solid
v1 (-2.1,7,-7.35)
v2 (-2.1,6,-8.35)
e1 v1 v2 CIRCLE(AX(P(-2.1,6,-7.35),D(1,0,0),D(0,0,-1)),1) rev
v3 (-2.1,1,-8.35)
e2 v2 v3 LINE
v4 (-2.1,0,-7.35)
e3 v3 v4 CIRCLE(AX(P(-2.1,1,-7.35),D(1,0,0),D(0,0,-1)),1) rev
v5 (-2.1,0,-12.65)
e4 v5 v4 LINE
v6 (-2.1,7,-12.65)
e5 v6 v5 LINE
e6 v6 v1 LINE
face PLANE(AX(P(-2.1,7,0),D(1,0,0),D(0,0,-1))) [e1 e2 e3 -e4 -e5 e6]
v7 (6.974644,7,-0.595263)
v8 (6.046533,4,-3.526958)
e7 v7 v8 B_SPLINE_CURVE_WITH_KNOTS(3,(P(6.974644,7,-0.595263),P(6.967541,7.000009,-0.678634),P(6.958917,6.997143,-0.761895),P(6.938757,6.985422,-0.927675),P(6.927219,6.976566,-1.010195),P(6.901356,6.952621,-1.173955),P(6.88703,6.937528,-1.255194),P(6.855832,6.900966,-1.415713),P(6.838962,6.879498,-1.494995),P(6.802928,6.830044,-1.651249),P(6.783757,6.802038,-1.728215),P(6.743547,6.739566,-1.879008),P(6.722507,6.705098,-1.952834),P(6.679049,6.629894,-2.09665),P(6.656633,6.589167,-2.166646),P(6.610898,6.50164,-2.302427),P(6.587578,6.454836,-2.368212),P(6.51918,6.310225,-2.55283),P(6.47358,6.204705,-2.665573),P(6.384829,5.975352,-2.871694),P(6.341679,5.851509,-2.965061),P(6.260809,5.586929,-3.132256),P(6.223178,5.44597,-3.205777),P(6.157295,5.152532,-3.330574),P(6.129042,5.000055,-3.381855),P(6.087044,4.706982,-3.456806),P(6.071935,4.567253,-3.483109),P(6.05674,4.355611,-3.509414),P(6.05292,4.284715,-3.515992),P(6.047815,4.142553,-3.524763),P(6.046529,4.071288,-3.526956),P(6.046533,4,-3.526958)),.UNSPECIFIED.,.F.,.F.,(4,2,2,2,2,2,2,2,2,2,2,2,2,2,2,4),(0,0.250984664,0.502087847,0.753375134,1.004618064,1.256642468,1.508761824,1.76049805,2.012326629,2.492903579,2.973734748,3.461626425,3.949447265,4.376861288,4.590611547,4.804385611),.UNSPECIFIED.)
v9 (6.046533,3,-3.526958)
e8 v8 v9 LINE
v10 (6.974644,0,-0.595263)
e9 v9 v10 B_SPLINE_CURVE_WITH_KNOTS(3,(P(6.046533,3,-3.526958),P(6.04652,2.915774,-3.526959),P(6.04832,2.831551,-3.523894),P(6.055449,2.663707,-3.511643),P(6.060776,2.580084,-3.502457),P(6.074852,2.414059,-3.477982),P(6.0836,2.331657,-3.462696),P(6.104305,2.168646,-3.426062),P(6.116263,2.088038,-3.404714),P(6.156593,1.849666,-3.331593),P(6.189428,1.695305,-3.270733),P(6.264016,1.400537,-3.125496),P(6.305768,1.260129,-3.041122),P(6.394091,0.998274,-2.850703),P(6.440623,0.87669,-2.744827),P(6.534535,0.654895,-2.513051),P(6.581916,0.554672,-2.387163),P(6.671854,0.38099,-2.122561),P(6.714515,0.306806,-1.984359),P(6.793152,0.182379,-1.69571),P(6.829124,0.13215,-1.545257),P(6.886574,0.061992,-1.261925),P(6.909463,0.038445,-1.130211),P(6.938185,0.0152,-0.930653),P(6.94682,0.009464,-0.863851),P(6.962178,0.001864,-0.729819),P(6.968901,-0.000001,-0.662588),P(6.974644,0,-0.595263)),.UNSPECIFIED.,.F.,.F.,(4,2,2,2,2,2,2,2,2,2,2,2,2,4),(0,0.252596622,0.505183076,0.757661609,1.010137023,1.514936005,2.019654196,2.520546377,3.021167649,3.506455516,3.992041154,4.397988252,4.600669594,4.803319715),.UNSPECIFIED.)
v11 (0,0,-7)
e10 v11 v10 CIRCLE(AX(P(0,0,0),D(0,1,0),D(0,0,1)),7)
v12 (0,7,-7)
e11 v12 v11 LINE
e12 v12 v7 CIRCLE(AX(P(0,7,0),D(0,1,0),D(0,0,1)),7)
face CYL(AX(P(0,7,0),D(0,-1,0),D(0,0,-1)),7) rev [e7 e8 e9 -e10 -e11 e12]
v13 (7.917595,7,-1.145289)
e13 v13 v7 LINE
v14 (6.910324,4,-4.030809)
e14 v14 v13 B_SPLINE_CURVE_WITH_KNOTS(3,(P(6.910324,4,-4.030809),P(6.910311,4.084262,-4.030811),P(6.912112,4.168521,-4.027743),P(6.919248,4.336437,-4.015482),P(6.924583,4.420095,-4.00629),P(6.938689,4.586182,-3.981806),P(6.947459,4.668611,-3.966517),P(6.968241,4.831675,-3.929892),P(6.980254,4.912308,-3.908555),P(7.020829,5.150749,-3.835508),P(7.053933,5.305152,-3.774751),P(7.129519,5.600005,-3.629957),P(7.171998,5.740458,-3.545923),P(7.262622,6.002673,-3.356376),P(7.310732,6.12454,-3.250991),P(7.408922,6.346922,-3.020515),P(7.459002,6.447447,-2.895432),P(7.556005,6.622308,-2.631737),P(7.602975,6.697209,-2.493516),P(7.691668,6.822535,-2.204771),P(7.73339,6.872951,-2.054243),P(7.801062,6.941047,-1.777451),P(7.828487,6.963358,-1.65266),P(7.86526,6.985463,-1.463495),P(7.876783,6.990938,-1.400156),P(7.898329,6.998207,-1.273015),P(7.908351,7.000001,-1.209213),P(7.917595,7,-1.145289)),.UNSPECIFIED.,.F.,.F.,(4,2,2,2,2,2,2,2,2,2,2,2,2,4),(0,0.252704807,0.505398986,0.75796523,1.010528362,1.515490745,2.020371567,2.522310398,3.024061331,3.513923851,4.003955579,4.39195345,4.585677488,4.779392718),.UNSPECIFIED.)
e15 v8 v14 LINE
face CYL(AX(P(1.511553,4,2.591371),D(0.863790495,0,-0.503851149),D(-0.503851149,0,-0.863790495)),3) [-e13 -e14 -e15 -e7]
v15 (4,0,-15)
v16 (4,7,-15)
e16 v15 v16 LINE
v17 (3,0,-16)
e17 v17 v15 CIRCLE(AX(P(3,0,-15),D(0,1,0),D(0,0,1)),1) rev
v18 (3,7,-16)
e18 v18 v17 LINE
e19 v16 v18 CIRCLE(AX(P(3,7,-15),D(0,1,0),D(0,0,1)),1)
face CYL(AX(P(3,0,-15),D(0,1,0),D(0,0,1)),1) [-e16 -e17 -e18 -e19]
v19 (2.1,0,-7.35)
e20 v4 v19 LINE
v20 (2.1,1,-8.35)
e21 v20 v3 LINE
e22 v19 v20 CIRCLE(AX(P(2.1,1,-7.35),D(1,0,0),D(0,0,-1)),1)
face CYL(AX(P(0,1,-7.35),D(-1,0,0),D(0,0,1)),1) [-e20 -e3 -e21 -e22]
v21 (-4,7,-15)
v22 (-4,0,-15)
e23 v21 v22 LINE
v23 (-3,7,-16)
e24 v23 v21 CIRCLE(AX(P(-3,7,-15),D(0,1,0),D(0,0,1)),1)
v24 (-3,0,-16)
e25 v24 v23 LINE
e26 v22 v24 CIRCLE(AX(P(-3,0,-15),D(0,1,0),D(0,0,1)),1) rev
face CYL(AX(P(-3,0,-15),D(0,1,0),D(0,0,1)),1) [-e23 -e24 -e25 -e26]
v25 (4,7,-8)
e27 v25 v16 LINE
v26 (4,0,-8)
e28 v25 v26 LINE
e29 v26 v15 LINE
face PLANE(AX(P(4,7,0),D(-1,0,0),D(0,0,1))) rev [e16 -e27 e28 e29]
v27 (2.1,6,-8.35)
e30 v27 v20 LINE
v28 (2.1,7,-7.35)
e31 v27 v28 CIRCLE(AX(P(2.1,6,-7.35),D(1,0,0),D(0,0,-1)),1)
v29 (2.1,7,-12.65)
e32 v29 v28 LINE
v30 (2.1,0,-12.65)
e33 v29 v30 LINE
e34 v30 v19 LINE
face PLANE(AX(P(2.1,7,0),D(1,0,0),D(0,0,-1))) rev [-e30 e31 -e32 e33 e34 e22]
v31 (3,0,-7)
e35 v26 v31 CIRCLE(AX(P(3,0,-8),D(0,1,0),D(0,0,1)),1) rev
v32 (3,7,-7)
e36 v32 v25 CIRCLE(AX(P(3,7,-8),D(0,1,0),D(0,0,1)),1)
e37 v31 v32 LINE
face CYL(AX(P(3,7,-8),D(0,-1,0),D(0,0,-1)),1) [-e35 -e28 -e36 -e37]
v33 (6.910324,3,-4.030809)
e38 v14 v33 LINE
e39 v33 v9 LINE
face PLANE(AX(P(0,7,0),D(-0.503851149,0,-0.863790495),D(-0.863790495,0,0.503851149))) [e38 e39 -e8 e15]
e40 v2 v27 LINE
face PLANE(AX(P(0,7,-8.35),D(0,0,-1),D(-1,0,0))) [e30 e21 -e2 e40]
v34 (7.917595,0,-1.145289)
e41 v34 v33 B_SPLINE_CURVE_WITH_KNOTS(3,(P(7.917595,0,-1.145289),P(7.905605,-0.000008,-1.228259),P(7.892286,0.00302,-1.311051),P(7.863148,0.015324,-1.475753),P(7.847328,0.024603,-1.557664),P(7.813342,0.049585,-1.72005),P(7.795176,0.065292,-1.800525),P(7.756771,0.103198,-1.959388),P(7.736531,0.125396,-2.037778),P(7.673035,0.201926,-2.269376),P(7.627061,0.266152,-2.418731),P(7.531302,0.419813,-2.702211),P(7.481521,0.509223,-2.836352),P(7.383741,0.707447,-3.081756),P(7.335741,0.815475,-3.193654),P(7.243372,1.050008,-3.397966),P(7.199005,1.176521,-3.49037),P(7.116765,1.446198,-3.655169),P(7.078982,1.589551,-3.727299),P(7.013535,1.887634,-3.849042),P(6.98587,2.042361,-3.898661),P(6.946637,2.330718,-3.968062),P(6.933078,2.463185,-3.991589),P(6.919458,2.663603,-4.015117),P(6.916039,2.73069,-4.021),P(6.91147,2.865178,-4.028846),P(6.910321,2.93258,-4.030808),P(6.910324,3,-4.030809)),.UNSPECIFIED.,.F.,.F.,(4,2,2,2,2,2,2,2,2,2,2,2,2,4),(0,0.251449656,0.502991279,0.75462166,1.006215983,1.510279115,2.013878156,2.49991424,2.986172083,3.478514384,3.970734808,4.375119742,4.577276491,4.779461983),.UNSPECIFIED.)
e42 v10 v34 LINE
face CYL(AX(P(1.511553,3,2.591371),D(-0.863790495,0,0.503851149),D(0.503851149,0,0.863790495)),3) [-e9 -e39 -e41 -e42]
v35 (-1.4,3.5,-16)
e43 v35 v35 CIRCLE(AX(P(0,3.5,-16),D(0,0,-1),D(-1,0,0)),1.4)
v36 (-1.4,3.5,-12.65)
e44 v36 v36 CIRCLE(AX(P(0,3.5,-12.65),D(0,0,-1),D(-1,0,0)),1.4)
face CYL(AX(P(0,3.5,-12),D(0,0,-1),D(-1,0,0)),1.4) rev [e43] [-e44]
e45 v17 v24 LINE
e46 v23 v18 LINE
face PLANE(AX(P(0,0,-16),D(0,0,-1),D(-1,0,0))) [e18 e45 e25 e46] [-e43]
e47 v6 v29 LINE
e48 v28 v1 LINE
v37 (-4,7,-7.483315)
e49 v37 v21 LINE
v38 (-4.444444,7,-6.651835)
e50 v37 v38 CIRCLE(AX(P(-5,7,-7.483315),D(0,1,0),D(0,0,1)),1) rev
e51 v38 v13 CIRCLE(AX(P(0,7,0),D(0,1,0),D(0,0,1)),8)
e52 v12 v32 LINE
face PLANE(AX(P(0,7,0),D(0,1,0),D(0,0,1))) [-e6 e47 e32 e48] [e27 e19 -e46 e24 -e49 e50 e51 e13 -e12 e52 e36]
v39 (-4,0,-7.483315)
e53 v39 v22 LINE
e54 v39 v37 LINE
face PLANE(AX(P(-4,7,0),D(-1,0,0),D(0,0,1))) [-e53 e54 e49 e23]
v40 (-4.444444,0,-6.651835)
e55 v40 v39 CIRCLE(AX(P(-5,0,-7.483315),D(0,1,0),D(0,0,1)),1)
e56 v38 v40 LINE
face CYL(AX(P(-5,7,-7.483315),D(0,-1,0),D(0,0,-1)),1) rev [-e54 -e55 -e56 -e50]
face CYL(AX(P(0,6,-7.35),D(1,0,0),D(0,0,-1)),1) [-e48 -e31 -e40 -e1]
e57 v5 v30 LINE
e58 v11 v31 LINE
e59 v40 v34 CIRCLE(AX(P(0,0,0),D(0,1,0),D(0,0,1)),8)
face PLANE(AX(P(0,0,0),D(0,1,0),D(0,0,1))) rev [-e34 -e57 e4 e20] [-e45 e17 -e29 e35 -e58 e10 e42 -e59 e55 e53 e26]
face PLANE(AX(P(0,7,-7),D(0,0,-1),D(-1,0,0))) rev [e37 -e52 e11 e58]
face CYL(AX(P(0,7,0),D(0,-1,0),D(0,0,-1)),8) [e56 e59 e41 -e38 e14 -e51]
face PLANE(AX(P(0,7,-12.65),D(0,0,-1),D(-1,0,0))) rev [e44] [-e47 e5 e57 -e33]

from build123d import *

# Parameters (mm, degrees)
SKETCH1_W           = 4.2
SKETCH1_H           = 4.3
BOSS_EXTRUDE1_DEPTH = 7
FILLET1_R           = 1
FILLET2_R           = 3
FILLET3_R           = 1
SKETCH3_W           = 8
SKETCH3_H           = 7
BOSS_EXTRUDE2_DEPTH = 2
SKETCH2_R           = 1.4
CUT_EXTRUDE2_DEPTH  = 4
FILLET4_R           = 1


with BuildPart() as part:
    # Sketch1 → Boss-Extrude1 (new body)
    # profile 1 of 2: a face of its own
    with BuildSketch(Plane(origin=(0, 0, 0), x_dir=(1, 0, 0), z_dir=(0, 1, 0))):
        with BuildLine():
            ThreePointArc((7, 0), (-4.949747468, -4.949747468), (0, 7))
            Line((0, 7), (3.872983346, 7))
            Line((3.872983346, 7), (4, 7))
            Line((4, 7), (4, 14))
            Line((4, 14), (-4, 14))
            Line((-4, 14), (-4, 7))
            Line((-4, 7), (-3.872983346, 7))
            ThreePointArc((-3.872983346, 7), (-3.936655355, 6.964391188), (-4, 6.92820323))
            ThreePointArc((-4, 6.92820323), (-2.053343481, -7.73199719), (6.910323964, 4.030809189))
            Line((6.910323964, 4.030809189), (6.046533468, 3.52695804))
            ThreePointArc((6.046533468, 3.52695804), (6.757430513, 1.826782105), (7, 0))
        make_face()
        with Locations((0, 10.5)):
            Rectangle(SKETCH1_W, SKETCH1_H, mode=Mode.SUBTRACT)
    # profile 2 of 2: a face of its own
    with BuildSketch(Plane(origin=(0, 0, 0), x_dir=(1, 0, 0), z_dir=(0, 1, 0))):
        with BuildLine():
            Line((-4, 7), (-4, 6.92820323))
            ThreePointArc((-4, 6.92820323), (-3.936655355, 6.964391188), (-3.872983346, 7))
            Line((-3.872983346, 7), (-4, 7))
        make_face()
    extrude(amount=BOSS_EXTRUDE1_DEPTH)

    # Fillet1
    fillet1_edges = [part.edges().sort_by_distance(p)[0] for p in [
        (4, 3.5, -7),
        (-4, 3.5, -6.92820323),
    ]]
    fillet(fillet1_edges, radius=FILLET1_R)

    # Fillet2
    fillet2_edges = [part.edges().sort_by_distance(p)[0] for p in [
        (6.478428716, 0, -3.778883614),
        (6.478428716, 7, -3.778883614),
    ]]
    fillet(fillet2_edges, radius=FILLET2_R)

    # Fillet3
    fillet3_edges = [part.edges().sort_by_distance(p)[0] for p in [
        (0, 7, -8.35),
        (0, 0, -8.35),
    ]]
    fillet(fillet3_edges, radius=FILLET3_R)

    # Sketch3 → Boss-Extrude2 (add)
    with BuildSketch(Plane(origin=(0, 0, -14), x_dir=(-1, 0, 0), z_dir=(0, 0, -1))):
        with Locations((0, 3.5)):
            Rectangle(SKETCH3_W, SKETCH3_H)
    extrude(amount=BOSS_EXTRUDE2_DEPTH)

    # Sketch2 → Cut-Extrude2 (cut)
    with BuildSketch(Plane(origin=(0, 0, -16), x_dir=(-1, 0, 0), z_dir=(0, 0, -1))):
        with Locations((0, 3.5)):
            Circle(SKETCH2_R)
    extrude(amount=-CUT_EXTRUDE2_DEPTH, mode=Mode.SUBTRACT)

    # Fillet4
    fillet4_edges = [part.edges().sort_by_distance(p)[0] for p in [
        (4, 3.5, -16),
        (-4, 3.5, -16),
    ]]
    fillet(fillet4_edges, radius=FILLET4_R)


solid = part.part
